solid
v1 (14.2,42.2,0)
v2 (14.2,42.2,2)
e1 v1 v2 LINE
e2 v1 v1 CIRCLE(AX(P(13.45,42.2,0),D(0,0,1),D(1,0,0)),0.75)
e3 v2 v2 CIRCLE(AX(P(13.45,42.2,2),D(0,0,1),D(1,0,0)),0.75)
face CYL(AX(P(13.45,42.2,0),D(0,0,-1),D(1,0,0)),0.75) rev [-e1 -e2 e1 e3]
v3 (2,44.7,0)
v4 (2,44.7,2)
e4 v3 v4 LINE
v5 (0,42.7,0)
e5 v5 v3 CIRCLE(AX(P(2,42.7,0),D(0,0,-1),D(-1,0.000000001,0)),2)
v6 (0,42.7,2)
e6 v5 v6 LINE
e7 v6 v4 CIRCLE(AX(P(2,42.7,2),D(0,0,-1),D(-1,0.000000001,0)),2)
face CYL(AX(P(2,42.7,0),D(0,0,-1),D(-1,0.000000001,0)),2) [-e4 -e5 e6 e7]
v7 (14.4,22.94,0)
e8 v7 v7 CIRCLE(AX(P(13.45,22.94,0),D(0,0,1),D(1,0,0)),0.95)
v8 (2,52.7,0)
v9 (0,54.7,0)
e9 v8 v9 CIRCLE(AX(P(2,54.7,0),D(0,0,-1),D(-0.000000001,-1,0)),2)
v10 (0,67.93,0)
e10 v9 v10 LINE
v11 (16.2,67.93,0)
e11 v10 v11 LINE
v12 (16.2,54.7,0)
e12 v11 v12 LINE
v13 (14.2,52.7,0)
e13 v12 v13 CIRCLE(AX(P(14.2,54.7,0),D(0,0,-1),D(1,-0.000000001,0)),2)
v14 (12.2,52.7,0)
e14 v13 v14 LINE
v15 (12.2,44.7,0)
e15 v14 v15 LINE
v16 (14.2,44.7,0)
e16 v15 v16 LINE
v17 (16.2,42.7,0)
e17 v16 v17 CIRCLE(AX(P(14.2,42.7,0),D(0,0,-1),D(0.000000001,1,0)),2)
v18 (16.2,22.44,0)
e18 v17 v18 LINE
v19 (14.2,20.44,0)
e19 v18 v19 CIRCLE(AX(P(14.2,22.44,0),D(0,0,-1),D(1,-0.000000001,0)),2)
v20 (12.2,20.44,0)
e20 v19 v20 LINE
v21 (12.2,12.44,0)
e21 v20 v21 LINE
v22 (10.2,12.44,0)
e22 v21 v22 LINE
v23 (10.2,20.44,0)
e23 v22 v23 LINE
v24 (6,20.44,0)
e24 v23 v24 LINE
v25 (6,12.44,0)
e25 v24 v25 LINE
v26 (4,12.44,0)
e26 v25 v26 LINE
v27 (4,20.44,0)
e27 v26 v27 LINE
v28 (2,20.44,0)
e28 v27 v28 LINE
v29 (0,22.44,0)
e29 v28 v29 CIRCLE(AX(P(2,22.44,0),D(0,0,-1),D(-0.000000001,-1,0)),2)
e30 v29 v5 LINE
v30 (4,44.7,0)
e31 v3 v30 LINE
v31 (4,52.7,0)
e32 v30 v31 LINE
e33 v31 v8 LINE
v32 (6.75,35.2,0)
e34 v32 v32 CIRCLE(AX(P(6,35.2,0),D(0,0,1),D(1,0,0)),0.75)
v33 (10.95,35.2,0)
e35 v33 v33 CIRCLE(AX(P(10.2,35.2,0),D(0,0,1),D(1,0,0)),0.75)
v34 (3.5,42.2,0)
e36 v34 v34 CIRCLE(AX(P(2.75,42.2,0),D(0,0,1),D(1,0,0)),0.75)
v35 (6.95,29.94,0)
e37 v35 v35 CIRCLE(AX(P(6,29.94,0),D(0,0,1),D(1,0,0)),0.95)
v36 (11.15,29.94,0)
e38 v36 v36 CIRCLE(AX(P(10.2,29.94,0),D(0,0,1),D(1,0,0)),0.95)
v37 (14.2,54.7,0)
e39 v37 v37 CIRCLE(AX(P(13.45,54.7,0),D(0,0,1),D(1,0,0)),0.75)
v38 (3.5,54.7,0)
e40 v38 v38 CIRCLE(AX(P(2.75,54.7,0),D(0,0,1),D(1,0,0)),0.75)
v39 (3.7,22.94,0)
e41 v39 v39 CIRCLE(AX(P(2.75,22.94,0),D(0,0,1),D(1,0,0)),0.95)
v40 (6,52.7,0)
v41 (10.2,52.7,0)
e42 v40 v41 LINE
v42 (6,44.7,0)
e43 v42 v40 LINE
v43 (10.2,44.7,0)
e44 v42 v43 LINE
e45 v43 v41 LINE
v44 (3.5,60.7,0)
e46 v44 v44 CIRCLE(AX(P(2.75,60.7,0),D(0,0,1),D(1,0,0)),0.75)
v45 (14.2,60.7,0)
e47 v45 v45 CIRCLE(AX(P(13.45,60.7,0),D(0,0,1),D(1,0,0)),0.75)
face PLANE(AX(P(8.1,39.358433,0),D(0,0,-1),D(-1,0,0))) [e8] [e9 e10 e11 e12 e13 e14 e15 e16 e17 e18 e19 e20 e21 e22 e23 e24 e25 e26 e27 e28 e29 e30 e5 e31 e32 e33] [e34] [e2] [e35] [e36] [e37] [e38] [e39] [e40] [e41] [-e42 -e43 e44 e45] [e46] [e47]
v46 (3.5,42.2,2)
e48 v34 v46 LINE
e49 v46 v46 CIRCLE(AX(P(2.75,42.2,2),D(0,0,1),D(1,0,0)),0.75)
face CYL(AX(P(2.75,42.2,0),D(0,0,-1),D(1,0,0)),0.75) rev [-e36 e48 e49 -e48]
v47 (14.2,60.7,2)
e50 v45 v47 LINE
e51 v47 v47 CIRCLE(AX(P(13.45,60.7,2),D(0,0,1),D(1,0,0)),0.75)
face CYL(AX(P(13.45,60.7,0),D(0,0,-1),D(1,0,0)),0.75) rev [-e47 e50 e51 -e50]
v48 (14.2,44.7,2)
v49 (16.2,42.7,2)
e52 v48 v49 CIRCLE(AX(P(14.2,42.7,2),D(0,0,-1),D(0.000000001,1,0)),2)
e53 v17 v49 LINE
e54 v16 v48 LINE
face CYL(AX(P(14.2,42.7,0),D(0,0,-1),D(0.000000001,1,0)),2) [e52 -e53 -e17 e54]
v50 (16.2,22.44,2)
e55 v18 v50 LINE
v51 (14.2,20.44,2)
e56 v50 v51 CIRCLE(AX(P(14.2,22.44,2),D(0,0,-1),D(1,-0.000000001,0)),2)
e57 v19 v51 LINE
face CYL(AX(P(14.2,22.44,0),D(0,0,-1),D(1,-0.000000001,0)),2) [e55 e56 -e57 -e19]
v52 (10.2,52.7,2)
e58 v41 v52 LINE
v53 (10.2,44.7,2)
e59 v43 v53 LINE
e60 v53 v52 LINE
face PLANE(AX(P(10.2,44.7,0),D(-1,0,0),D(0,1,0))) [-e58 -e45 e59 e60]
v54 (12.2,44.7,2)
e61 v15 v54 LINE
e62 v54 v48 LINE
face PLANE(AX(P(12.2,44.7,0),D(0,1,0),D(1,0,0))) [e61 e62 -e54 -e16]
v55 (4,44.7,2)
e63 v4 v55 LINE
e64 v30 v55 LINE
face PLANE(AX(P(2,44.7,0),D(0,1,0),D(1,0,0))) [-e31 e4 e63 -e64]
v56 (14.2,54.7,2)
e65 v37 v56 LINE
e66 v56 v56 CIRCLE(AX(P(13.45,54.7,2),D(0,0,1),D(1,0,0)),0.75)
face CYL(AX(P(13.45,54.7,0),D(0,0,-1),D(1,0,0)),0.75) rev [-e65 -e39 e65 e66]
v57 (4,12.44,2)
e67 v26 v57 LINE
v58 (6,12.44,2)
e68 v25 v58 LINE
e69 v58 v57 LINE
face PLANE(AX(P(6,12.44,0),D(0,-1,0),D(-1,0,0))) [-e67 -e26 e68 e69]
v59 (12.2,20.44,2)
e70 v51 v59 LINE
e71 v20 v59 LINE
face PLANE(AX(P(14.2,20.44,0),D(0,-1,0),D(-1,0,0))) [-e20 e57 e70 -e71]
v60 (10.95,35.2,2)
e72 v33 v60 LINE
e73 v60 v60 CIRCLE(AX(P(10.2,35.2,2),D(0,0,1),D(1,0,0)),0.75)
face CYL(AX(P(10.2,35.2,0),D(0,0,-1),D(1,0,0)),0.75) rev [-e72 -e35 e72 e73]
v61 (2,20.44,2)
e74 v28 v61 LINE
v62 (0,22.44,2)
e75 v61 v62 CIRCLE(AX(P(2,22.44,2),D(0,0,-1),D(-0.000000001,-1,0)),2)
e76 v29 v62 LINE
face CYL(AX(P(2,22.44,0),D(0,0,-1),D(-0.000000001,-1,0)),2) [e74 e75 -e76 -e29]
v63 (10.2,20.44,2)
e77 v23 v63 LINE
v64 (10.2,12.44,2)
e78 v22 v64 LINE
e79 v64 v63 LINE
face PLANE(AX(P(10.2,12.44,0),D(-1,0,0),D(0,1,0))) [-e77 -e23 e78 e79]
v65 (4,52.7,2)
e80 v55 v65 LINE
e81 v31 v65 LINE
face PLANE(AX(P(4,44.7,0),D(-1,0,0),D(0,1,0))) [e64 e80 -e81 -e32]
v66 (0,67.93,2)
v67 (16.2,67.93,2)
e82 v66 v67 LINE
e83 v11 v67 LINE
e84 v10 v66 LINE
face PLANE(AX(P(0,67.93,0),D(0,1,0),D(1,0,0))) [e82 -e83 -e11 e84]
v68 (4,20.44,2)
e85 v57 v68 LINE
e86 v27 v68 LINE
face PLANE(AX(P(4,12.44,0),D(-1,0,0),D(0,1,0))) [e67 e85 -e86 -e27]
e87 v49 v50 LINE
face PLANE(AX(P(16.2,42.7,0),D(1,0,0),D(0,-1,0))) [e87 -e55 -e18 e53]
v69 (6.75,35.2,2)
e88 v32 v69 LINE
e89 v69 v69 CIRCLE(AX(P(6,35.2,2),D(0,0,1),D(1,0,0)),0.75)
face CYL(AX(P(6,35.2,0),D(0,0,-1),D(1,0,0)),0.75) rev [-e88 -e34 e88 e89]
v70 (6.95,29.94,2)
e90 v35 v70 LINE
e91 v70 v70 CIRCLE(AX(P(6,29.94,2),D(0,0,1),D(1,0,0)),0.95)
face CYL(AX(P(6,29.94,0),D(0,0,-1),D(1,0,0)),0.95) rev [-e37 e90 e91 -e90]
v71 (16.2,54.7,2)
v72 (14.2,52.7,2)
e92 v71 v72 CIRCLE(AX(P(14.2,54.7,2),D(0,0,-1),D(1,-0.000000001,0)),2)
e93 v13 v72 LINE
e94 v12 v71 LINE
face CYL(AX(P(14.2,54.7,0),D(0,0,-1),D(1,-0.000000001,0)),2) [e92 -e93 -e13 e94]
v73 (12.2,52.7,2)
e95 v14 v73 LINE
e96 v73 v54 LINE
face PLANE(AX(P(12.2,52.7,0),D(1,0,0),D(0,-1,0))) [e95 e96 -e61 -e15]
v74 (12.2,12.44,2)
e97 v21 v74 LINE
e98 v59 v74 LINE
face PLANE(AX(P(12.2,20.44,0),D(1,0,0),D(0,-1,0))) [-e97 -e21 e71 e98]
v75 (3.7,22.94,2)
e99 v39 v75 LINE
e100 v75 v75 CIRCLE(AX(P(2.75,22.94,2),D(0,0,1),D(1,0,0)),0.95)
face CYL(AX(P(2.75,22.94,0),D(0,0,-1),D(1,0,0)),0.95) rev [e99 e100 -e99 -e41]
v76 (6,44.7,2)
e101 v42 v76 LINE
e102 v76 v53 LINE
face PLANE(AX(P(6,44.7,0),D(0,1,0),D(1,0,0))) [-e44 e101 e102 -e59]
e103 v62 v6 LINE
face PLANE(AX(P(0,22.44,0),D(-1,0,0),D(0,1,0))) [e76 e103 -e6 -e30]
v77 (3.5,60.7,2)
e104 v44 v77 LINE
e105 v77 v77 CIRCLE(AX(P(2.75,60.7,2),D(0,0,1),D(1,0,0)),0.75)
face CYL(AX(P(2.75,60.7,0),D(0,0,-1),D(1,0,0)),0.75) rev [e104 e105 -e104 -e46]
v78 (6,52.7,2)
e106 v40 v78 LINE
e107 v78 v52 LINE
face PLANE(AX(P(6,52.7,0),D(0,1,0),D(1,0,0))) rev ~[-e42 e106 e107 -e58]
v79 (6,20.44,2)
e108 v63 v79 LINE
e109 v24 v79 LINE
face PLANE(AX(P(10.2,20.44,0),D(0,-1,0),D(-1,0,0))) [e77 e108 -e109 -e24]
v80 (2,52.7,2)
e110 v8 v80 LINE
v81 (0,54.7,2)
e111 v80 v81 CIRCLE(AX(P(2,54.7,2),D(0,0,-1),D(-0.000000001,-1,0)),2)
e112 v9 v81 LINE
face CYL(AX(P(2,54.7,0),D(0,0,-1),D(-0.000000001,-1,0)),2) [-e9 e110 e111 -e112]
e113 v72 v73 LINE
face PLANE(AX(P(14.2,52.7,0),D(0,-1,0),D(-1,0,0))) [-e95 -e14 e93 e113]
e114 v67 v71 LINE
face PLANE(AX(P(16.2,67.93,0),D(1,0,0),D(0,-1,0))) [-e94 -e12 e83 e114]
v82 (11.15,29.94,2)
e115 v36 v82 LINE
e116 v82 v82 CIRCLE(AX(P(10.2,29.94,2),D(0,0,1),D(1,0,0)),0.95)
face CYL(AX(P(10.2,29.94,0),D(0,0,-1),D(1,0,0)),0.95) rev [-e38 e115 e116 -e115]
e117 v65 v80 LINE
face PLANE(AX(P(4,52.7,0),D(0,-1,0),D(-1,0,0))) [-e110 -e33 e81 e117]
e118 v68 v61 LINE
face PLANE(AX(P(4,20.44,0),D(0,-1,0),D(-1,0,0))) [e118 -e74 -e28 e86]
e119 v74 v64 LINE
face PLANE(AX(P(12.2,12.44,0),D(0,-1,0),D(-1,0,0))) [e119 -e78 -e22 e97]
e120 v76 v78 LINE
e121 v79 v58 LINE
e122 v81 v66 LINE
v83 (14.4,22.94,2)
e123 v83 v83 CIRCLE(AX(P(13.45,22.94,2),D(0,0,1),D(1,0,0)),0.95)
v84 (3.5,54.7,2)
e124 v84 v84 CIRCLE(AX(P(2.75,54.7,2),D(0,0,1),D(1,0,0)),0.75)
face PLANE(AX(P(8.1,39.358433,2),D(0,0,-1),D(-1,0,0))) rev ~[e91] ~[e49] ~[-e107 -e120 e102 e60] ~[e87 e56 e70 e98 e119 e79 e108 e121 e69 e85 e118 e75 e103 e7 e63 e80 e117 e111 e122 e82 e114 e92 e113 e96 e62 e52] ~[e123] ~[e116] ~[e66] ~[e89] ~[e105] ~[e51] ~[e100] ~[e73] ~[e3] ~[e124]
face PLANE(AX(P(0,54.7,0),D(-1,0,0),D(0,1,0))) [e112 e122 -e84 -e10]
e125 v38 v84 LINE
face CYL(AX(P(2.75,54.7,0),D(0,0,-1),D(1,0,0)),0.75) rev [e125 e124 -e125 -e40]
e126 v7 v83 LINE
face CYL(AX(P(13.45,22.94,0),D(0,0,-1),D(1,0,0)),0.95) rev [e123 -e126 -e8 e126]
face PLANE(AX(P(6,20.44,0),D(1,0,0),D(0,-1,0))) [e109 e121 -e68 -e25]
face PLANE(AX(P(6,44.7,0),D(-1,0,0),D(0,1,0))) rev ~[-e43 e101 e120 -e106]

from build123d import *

# Parameters (mm, degrees)
SKETCH1_R           = 0.75
SKETCH1_R_2         = 0.95
SKETCH1_W           = 4.2
SKETCH1_H           = 8
BOSS_EXTRUDE1_DEPTH = 2


with BuildPart() as part:
    # Sketch1 → Boss-Extrude1 (new body)
    with BuildSketch(Plane.XY):
        with BuildLine():
            Line((4, 44.7), (4, 52.7))
            Line((4, 52.7), (2, 52.7))
            ThreePointArc((2, 52.7), (0.585786438, 53.285786438), (0, 54.7))
            Line((0, 54.7), (0, 67.93))
            Line((0, 67.93), (16.2, 67.93))
            Line((16.2, 67.93), (16.2, 54.7))
            ThreePointArc((16.2, 54.7), (15.614213562, 53.285786438), (14.2, 52.7))
            Line((14.2, 52.7), (12.2, 52.7))
            Line((12.2, 52.7), (12.2, 44.7))
            Line((12.2, 44.7), (14.2, 44.7))
            ThreePointArc((14.2, 44.7), (15.614213562, 44.114213562), (16.2, 42.7))
            Line((16.2, 42.7), (16.2, 22.44))
            ThreePointArc((16.2, 22.44), (15.614213562, 21.025786438), (14.2, 20.44))
            Line((14.2, 20.44), (12.2, 20.44))
            Line((12.2, 20.44), (12.2, 12.44))
            Line((12.2, 12.44), (10.2, 12.44))
            Line((10.2, 12.44), (10.2, 20.44))
            Line((10.2, 20.44), (6, 20.44))
            Line((6, 20.44), (6, 12.44))
            Line((6, 12.44), (4, 12.44))
            Line((4, 12.44), (4, 20.44))
            Line((4, 20.44), (2, 20.44))
            ThreePointArc((2, 20.44), (0.585786438, 21.025786438), (0, 22.44))
            Line((0, 22.44), (0, 42.7))
            ThreePointArc((0, 42.7), (0.585786438, 44.114213562), (2, 44.7))
            Line((2, 44.7), (4, 44.7))
        make_face()
        with Locations((2.75, 60.7)):
            Circle(SKETCH1_R, mode=Mode.SUBTRACT)
        with Locations((13.45, 54.7)):
            Circle(SKETCH1_R, mode=Mode.SUBTRACT)
        with Locations((13.45, 42.2)):
            Circle(SKETCH1_R, mode=Mode.SUBTRACT)
        with Locations((13.45, 22.94)):
            Circle(SKETCH1_R_2, mode=Mode.SUBTRACT)
        with Locations((10.2, 29.94)):
            Circle(SKETCH1_R_2, mode=Mode.SUBTRACT)
        with Locations((6, 35.2)):
            Circle(SKETCH1_R, mode=Mode.SUBTRACT)
        with Locations((13.45, 60.7)):
            Circle(SKETCH1_R, mode=Mode.SUBTRACT)
        with Locations((10.2, 35.2)):
            Circle(SKETCH1_R, mode=Mode.SUBTRACT)
        with Locations((6, 29.94)):
            Circle(SKETCH1_R_2, mode=Mode.SUBTRACT)
        with Locations((2.75, 22.94)):
            Circle(SKETCH1_R_2, mode=Mode.SUBTRACT)
        with Locations((2.75, 42.2)):
            Circle(SKETCH1_R, mode=Mode.SUBTRACT)
        with Locations((2.75, 54.7)):
            Circle(SKETCH1_R, mode=Mode.SUBTRACT)
        with Locations((8.1, 48.7)):
            Rectangle(SKETCH1_W, SKETCH1_H, mode=Mode.SUBTRACT)
    extrude(amount=BOSS_EXTRUDE1_DEPTH)


solid = part.part
